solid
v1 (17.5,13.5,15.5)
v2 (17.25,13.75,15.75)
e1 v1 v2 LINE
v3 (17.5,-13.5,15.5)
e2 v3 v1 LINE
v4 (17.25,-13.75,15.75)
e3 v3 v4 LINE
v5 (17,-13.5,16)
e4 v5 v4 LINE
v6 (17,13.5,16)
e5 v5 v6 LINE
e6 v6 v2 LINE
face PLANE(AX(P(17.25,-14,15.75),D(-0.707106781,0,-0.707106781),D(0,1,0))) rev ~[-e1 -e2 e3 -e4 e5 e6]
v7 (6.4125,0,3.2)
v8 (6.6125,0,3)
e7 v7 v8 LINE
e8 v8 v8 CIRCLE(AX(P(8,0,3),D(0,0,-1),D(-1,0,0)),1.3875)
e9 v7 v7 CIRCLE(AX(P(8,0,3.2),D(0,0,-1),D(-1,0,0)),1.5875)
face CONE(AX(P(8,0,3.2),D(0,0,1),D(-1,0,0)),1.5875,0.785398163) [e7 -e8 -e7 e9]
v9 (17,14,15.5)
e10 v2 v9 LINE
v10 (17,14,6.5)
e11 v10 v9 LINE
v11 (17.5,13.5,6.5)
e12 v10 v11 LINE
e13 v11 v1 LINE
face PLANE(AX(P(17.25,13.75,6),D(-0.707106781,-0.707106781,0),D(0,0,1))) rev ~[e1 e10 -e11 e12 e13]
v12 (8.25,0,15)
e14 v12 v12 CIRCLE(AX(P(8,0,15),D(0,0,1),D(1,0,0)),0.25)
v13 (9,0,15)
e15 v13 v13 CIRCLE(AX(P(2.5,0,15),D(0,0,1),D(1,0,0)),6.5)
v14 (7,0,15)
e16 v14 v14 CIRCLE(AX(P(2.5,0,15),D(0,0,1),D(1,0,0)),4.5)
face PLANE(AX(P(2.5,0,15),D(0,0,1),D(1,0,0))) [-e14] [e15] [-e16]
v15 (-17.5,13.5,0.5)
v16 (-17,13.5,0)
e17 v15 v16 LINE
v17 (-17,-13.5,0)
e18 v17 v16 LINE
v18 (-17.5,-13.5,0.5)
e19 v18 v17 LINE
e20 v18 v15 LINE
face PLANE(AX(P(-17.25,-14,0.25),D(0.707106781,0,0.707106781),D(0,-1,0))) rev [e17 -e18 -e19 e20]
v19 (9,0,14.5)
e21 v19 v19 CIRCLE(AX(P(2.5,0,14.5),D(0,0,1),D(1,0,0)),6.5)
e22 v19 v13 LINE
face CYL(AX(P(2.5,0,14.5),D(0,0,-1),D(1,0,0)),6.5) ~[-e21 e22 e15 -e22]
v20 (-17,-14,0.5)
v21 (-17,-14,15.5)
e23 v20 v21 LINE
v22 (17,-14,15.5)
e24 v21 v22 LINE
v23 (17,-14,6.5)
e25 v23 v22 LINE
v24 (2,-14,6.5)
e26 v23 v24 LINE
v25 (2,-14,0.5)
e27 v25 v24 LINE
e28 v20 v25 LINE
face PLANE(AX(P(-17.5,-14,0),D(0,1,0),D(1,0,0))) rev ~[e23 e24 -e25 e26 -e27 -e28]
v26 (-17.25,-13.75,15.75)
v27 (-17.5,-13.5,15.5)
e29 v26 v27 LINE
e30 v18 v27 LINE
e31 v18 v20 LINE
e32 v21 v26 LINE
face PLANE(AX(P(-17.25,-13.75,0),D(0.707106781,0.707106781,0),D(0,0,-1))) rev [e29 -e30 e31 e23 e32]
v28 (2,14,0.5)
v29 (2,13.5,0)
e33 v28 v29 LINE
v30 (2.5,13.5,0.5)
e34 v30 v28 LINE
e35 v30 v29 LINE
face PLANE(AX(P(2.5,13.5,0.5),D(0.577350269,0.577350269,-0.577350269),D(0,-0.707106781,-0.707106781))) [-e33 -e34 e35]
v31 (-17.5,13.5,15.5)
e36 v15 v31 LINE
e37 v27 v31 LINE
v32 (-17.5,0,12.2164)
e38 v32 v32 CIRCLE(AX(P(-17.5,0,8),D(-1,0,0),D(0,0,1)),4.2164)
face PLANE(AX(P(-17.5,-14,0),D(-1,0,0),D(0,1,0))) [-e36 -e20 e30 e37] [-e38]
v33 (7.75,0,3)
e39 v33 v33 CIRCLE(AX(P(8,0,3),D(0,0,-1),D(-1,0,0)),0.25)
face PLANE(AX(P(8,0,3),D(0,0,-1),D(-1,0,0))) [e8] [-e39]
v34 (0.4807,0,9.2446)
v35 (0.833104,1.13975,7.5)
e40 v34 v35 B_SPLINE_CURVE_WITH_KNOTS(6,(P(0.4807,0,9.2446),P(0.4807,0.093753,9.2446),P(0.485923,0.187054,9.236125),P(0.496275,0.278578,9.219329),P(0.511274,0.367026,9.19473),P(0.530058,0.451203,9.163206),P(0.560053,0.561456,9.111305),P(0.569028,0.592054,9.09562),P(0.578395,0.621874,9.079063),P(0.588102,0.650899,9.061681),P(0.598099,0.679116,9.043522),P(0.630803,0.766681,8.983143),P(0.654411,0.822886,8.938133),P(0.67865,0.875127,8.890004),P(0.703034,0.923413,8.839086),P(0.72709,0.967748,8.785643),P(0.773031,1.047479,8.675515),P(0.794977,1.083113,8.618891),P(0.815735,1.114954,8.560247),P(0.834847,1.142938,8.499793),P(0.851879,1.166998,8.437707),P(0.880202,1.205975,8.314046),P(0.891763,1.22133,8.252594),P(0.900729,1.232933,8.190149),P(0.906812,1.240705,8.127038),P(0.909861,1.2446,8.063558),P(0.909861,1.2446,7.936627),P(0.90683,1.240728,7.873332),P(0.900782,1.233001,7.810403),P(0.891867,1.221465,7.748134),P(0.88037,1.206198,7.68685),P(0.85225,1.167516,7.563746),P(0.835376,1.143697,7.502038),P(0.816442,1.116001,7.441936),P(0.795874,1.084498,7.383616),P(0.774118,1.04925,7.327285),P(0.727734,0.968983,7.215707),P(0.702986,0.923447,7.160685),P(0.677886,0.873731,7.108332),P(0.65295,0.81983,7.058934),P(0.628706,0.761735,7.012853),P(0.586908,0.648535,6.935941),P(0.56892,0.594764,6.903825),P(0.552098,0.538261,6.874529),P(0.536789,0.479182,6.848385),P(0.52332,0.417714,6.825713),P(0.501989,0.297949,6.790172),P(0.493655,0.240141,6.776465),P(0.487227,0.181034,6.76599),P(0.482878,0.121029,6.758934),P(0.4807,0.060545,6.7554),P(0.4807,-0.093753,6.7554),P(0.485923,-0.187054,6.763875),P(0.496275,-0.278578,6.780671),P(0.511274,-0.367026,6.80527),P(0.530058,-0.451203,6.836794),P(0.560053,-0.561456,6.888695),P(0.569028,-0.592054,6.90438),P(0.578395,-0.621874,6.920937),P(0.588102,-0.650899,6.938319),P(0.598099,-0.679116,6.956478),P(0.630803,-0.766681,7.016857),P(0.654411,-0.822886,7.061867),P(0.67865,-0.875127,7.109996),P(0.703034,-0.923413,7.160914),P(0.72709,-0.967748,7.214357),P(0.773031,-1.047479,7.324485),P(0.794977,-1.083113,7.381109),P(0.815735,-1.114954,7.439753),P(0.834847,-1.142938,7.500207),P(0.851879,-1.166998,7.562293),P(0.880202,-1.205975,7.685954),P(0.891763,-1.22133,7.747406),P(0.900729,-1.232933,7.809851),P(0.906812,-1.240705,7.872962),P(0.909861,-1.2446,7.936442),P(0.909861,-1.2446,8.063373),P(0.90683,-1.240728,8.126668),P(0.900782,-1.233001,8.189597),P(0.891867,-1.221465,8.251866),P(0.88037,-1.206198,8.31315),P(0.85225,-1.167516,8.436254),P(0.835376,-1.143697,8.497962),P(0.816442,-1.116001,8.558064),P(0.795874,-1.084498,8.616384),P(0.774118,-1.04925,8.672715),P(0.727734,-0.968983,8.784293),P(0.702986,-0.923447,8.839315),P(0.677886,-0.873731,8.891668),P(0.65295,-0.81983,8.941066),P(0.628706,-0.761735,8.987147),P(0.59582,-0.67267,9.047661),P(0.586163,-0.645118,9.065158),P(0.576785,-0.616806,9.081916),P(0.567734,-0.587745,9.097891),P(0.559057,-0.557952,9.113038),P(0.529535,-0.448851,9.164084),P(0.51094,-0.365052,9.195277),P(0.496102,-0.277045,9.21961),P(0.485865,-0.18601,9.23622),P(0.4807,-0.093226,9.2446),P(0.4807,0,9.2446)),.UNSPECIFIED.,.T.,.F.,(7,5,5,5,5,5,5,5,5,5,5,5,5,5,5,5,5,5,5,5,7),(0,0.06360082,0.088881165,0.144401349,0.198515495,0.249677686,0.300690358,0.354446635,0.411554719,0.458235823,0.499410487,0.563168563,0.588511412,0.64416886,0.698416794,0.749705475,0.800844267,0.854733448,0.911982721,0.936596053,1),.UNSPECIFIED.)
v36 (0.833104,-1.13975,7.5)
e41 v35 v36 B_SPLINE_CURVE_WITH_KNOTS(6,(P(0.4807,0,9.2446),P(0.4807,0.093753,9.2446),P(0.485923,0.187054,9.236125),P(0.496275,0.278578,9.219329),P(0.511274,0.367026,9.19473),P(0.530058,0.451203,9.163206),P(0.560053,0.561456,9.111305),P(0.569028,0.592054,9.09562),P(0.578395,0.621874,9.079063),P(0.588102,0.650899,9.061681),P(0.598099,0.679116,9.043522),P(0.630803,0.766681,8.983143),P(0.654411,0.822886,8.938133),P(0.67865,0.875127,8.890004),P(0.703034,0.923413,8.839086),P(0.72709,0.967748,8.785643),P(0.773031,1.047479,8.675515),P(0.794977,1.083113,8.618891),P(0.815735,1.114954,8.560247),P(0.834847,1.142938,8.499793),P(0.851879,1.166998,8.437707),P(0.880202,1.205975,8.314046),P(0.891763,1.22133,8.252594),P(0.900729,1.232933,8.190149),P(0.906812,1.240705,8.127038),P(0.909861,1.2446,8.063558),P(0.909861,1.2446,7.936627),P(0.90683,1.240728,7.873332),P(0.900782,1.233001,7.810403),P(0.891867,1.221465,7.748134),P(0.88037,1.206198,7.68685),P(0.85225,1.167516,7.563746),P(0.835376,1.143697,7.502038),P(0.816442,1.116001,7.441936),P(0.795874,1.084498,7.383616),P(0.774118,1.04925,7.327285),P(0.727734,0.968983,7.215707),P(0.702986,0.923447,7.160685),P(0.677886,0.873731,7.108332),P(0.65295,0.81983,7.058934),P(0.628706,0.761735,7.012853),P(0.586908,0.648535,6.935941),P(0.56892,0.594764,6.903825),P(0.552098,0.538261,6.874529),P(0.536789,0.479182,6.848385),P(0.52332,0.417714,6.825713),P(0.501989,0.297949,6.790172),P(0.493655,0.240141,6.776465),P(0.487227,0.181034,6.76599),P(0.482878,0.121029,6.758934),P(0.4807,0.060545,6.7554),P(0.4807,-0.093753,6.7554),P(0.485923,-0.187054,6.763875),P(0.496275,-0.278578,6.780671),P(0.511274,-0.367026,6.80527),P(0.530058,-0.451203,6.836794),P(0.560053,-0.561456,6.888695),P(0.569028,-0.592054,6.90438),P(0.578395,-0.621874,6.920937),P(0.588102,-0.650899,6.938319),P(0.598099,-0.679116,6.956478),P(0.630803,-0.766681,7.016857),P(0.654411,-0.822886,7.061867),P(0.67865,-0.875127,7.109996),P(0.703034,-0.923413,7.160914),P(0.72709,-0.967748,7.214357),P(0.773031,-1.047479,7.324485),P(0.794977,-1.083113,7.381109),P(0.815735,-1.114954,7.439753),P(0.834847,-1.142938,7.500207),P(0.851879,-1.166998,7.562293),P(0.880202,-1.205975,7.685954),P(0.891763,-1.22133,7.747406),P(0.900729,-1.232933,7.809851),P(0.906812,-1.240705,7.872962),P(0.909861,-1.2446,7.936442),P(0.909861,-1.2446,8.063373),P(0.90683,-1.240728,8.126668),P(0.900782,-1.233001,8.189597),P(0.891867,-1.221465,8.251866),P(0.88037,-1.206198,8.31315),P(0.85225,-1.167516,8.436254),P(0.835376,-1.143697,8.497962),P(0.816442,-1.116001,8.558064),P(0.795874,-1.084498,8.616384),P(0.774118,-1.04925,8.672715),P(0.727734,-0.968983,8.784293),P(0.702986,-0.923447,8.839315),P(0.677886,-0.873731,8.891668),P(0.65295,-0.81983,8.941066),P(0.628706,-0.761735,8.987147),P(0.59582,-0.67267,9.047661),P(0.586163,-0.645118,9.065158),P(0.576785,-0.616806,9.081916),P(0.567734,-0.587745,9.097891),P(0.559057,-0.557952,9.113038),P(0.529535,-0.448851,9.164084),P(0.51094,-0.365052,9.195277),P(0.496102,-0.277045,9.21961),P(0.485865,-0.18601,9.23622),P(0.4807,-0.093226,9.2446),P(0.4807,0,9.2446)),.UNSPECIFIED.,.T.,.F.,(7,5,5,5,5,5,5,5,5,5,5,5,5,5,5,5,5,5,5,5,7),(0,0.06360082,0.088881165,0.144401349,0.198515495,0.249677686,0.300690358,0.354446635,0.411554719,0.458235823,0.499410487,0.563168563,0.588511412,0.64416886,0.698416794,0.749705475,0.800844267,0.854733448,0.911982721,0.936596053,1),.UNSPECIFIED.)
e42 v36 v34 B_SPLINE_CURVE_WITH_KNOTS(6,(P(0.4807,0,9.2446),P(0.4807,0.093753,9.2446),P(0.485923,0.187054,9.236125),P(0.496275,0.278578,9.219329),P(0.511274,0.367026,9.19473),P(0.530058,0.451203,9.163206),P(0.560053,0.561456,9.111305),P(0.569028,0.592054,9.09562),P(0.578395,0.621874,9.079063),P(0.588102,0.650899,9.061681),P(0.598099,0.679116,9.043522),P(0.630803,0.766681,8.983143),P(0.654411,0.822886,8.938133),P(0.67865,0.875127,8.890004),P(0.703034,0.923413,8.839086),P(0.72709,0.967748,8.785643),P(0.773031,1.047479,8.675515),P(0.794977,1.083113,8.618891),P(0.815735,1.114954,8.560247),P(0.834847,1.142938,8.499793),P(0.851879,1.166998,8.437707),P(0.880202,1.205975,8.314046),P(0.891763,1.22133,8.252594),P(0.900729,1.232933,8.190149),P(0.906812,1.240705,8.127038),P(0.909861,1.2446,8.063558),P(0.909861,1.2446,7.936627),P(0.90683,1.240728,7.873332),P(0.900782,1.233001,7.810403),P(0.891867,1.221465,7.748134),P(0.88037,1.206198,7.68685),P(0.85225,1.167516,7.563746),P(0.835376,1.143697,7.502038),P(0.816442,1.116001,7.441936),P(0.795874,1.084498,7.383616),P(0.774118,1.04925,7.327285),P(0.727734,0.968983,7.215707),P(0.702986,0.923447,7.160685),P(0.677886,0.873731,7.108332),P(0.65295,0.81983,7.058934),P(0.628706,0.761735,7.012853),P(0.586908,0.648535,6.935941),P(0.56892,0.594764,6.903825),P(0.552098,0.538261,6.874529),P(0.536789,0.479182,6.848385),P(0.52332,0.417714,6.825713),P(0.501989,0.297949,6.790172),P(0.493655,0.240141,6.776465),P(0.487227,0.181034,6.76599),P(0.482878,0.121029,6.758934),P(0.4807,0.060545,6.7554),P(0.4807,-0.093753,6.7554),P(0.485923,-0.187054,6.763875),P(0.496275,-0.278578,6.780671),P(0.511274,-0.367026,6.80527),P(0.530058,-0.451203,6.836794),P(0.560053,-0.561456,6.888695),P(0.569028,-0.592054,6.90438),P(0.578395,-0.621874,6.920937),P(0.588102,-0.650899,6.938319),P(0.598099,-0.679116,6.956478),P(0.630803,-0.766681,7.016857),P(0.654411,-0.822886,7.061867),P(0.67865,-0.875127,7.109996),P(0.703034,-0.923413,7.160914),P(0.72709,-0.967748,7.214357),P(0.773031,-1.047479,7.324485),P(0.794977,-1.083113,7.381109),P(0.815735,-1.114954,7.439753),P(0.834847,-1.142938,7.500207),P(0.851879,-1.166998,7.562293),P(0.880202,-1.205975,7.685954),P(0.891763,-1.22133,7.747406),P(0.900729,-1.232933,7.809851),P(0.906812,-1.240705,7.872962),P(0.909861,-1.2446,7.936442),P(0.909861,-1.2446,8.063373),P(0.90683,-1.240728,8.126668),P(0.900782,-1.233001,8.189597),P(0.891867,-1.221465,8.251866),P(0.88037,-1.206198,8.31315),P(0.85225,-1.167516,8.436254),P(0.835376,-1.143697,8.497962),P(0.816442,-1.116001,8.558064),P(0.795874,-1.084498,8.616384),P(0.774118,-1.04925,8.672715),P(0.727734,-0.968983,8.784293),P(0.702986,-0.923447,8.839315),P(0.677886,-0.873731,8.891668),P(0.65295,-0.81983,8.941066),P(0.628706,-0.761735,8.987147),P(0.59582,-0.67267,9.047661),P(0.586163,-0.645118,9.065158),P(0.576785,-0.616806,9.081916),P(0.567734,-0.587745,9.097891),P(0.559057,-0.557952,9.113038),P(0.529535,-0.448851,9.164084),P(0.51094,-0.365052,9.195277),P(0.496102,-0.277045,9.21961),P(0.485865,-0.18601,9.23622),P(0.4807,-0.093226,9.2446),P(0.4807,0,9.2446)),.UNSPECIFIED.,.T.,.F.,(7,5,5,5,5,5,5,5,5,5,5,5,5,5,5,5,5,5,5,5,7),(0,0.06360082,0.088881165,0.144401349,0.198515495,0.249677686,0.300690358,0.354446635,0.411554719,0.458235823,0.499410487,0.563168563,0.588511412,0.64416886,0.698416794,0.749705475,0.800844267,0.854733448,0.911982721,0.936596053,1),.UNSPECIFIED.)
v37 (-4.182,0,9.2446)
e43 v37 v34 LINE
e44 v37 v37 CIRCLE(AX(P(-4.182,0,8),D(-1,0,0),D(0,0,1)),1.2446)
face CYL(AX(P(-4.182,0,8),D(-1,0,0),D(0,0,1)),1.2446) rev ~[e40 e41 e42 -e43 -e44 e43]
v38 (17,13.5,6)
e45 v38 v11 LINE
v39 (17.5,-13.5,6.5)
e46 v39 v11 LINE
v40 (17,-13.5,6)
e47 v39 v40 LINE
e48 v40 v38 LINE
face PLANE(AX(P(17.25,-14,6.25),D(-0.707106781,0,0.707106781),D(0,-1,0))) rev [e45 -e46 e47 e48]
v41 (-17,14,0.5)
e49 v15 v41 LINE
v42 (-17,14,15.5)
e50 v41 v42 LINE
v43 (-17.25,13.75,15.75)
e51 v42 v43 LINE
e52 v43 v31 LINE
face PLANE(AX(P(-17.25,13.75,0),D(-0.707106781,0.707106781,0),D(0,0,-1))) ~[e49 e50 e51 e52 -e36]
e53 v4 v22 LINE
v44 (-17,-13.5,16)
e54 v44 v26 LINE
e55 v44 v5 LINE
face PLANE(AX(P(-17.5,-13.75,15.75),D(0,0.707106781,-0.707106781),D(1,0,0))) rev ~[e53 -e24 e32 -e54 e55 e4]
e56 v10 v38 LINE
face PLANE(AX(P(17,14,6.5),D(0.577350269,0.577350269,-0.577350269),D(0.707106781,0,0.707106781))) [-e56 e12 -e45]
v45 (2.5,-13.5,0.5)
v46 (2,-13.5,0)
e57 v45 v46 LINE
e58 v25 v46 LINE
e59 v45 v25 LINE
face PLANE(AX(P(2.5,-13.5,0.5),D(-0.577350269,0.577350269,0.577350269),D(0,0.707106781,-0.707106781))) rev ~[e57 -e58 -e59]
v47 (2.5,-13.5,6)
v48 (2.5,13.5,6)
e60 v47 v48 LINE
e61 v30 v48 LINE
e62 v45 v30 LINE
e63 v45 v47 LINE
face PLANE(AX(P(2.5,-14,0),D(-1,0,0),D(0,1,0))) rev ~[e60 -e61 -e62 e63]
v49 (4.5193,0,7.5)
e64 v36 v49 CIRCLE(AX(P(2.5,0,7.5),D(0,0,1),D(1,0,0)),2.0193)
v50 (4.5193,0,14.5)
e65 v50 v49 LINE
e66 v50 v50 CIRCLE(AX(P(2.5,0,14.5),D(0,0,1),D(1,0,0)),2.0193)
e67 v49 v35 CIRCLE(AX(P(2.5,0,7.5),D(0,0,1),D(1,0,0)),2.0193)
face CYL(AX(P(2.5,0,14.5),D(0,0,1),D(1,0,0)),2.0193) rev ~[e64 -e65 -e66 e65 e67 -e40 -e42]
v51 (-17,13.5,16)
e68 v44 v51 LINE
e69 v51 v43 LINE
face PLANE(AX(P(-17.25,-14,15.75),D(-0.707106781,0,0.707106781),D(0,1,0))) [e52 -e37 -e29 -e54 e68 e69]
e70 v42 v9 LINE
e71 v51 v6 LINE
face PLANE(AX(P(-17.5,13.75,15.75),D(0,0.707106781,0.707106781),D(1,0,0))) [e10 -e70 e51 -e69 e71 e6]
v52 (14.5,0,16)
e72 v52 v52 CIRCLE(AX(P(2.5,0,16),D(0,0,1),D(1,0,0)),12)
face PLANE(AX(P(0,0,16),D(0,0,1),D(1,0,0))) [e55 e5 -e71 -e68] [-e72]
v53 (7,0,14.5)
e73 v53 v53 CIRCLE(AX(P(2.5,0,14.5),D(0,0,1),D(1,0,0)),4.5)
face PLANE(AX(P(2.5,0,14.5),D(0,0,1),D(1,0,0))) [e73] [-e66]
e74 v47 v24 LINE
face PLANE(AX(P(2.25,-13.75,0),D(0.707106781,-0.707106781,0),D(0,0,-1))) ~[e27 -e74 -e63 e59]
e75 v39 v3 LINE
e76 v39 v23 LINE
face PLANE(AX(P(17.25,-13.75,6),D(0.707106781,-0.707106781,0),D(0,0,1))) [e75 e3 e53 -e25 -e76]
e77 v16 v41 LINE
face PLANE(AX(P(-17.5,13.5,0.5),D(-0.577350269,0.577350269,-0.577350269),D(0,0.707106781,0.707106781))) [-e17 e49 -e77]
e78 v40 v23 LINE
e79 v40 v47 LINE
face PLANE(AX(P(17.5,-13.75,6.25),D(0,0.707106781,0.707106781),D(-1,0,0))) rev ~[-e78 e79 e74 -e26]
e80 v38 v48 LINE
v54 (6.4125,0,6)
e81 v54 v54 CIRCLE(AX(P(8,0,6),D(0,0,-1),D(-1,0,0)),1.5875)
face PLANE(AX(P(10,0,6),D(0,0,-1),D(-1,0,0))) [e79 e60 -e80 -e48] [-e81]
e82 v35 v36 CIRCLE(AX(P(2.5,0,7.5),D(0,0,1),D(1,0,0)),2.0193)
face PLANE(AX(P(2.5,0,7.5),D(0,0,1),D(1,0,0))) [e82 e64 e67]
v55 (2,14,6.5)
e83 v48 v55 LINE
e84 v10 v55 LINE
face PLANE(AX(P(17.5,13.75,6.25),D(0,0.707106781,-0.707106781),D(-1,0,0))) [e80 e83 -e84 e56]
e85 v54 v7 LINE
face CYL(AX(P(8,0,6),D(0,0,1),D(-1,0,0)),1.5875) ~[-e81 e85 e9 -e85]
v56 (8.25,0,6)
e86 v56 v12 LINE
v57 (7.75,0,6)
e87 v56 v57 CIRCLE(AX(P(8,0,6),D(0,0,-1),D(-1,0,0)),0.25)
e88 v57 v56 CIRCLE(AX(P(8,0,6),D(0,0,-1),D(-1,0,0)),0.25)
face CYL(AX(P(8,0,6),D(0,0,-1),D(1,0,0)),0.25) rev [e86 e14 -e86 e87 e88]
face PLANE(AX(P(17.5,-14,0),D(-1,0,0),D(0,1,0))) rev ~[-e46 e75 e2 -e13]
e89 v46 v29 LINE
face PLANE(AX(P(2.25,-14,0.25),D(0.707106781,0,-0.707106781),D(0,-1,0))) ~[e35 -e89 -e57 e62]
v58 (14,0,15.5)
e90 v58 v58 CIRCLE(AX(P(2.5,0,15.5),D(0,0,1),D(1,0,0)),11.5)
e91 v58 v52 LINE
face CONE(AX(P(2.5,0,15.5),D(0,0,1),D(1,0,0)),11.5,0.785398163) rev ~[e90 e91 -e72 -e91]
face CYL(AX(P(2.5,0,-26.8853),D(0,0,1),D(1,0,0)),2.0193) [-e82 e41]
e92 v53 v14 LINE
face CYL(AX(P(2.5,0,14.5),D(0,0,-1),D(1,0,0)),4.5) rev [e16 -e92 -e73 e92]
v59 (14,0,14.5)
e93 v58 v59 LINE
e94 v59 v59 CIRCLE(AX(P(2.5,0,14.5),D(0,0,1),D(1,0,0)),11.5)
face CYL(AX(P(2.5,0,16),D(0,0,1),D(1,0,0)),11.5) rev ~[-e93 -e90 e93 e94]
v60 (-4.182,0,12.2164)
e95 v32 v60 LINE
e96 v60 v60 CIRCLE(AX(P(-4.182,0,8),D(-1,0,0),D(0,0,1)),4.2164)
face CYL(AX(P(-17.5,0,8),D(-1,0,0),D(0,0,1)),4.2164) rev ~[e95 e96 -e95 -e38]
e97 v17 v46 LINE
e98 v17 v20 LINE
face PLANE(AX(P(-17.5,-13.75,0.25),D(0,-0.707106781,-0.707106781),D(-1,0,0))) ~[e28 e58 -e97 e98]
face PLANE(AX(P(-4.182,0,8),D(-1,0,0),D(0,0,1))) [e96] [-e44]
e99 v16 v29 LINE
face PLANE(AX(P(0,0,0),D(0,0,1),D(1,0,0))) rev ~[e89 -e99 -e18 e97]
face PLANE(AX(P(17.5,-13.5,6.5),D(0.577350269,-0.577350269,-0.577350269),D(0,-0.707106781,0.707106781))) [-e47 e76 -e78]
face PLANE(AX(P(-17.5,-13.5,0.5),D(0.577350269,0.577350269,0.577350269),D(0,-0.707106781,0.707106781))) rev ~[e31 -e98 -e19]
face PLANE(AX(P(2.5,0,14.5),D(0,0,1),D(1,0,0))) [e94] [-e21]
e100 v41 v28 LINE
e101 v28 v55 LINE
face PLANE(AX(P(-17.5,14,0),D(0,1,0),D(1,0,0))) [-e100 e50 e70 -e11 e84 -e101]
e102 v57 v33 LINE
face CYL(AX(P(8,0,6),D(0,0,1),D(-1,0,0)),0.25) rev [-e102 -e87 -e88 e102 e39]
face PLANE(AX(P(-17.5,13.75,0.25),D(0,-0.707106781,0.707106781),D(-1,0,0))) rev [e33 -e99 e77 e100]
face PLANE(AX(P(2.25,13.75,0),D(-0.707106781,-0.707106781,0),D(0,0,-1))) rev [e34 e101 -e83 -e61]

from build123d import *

# Parameters (mm, degrees)
SKETCH1_W               = 35
SKETCH1_H               = 28
BOSS_EXTRUDE1_DEPTH     = 16
SKETCH2_R               = 11.5
CUT_EXTRUDE1_DEPTH      = 1.5
SKETCH3_R               = 2.0193
CUT_EXTRUDE2_DEPTH      = 7
SKETCH4_R               = 4.2164
CUT_EXTRUDE3_DEPTH      = 13.318
CUT_EXTRUDE4_REACH      = 32.366
CUT_EXTRUDE4_END_RADIUS = 2.0193
SKETCH5_R               = 1.2446
SKETCH6_R               = 6.5
SKETCH6_R_2             = 4.5
BOSS_EXTRUDE2_DEPTH     = 0.5
SKETCH7_R               = 0.5
CUT_EXTRUDE5_DEPTH      = 9
SKETCH15_W              = 15
SKETCH15_H              = 28
CUT_EXTRUDE9_DEPTH      = 6
SKETCH16_R              = 1.5875
SKETCH16_R_2            = 0.25
BOSS_EXTRUDE4_DEPTH     = 3
SKETCH17_R              = 0.515994608
SKETCH17_R_2            = 0.25
BOSS_EXTRUDE5_DEPTH     = 9
CHAMFER5_SIZE           = 0.5
CHAMFER6_SIZE           = 0.2
CHAMFER7_SIZE           = 0.5


with BuildPart() as part:
    # Sketch1 → Boss-Extrude1 (new body)
    with BuildSketch(Plane.XY):
        Rectangle(SKETCH1_W, SKETCH1_H)
    extrude(amount=BOSS_EXTRUDE1_DEPTH)

    # Sketch2 → Cut-Extrude1 (cut)
    with BuildSketch(Plane.XY.offset(16)):
        with Locations((2.5, 0)):
            Circle(SKETCH2_R)
    extrude(amount=-CUT_EXTRUDE1_DEPTH, mode=Mode.SUBTRACT)

    # Sketch3 → Cut-Extrude2 (cut)
    with BuildSketch(Plane.XY.offset(14.5)):
        with Locations((2.5, 0)):
            Circle(SKETCH3_R)
    extrude(amount=-CUT_EXTRUDE2_DEPTH, mode=Mode.SUBTRACT)

    # Sketch4 → Cut-Extrude3 (cut)
    with BuildSketch(Plane.ZY.offset(17.5)):
        with Locations((8, 0)):
            Circle(SKETCH4_R)
    extrude(amount=-CUT_EXTRUDE3_DEPTH, mode=Mode.SUBTRACT)

    # Cut-Extrude4: up to this cylinder (the profile starts outside it)
    cut_extrude4_end = Plane(origin=(2.5, 0, 8), z_dir=(0, 0, 1)) * Cylinder(CUT_EXTRUDE4_END_RADIUS, 69.7706, mode=Mode.PRIVATE)
    # Sketch5 → Cut-Extrude4 (cut, up to the surface)
    with BuildSketch(Plane.ZY.offset(4.182), mode=Mode.PRIVATE) as cut_extrude4_sk1:
        with Locations((8, 0)):
            Circle(SKETCH5_R)
    cut_extrude4_tool1 = extrude(cut_extrude4_sk1.sketch, amount=-CUT_EXTRUDE4_REACH, mode=Mode.PRIVATE) - cut_extrude4_end
    add(cut_extrude4_tool1.solids().sort_by_distance((-4.182, 0, 8))[0], mode=Mode.SUBTRACT)

    # Sketch6 → Boss-Extrude2 (add)
    with BuildSketch(Plane.XY.offset(14.5)):
        with Locations((2.5, 0)):
            Circle(SKETCH6_R)
        with Locations((2.5, 0)):
            Circle(SKETCH6_R_2, mode=Mode.SUBTRACT)
    extrude(amount=BOSS_EXTRUDE2_DEPTH)

    # Sketch7 → Cut-Extrude5 (cut)
    with BuildSketch(Plane.XY.offset(15)):
        with Locations((8, 0)):
            Circle(SKETCH7_R)
    extrude(amount=-CUT_EXTRUDE5_DEPTH, mode=Mode.SUBTRACT)

    # Sketch15 → Cut-Extrude9 (cut)
    with BuildSketch(Plane(origin=(0, 0, 0), x_dir=(-1, 0, 0), z_dir=(0, 0, -1))):
        with Locations((-10, 0)):
            Rectangle(SKETCH15_W, SKETCH15_H)
    extrude(amount=-CUT_EXTRUDE9_DEPTH, mode=Mode.SUBTRACT)

    # Sketch16 → Boss-Extrude4 (add)
    with BuildSketch(Plane(origin=(0, 0, 6), x_dir=(-1, 0, 0), z_dir=(0, 0, -1))):
        with Locations((-8, 0)):
            Circle(SKETCH16_R)
        with Locations((-8, 0)):
            Circle(SKETCH16_R_2, mode=Mode.SUBTRACT)
    extrude(amount=BOSS_EXTRUDE4_DEPTH)

    # Sketch17 → Boss-Extrude5 (add)
    with BuildSketch(Plane.XY.offset(6)):
        with Locations((8, 0)):
            Circle(SKETCH17_R)
        with Locations((8, 0)):
            Circle(SKETCH17_R_2, mode=Mode.SUBTRACT)
    extrude(amount=BOSS_EXTRUDE5_DEPTH)

    # Chamfer5
    chamfer5_edges = [part.edges().sort_by_distance(p)[0] for p in [
        (0, -14, 16),
        (-9, 0, 16),
        (17.5, 0, 16),
        (0, 14, 16),
        (-17.5, 0, 16),
    ]]
    chamfer(chamfer5_edges, length=CHAMFER5_SIZE)

    # Chamfer6
    chamfer6_edges = [part.edges().sort_by_distance(p)[0] for p in [
        (9.5875, 0, 3),
    ]]
    chamfer(chamfer6_edges, length=CHAMFER6_SIZE)

    # Chamfer7
    chamfer7_edges = [part.edges().sort_by_distance(p)[0] for p in [
        (-7.5, 14, 0),
        (-7.5, -14, 0),
        (10, -14, 6),
        (2.5, -14, 3),
        (17.5, 0, 6),
        (10, 14, 6),
        (2.5, 14, 3),
        (2.5, 0, 0),
        (-17.5, 0, 0),
        (17.5, 14, 10.75),
        (17.5, -14, 10.75),
        (-17.5, 14, 7.75),
        (-17.5, -14, 7.75),
    ]]
    chamfer(chamfer7_edges, length=CHAMFER7_SIZE)


solid = part.part
